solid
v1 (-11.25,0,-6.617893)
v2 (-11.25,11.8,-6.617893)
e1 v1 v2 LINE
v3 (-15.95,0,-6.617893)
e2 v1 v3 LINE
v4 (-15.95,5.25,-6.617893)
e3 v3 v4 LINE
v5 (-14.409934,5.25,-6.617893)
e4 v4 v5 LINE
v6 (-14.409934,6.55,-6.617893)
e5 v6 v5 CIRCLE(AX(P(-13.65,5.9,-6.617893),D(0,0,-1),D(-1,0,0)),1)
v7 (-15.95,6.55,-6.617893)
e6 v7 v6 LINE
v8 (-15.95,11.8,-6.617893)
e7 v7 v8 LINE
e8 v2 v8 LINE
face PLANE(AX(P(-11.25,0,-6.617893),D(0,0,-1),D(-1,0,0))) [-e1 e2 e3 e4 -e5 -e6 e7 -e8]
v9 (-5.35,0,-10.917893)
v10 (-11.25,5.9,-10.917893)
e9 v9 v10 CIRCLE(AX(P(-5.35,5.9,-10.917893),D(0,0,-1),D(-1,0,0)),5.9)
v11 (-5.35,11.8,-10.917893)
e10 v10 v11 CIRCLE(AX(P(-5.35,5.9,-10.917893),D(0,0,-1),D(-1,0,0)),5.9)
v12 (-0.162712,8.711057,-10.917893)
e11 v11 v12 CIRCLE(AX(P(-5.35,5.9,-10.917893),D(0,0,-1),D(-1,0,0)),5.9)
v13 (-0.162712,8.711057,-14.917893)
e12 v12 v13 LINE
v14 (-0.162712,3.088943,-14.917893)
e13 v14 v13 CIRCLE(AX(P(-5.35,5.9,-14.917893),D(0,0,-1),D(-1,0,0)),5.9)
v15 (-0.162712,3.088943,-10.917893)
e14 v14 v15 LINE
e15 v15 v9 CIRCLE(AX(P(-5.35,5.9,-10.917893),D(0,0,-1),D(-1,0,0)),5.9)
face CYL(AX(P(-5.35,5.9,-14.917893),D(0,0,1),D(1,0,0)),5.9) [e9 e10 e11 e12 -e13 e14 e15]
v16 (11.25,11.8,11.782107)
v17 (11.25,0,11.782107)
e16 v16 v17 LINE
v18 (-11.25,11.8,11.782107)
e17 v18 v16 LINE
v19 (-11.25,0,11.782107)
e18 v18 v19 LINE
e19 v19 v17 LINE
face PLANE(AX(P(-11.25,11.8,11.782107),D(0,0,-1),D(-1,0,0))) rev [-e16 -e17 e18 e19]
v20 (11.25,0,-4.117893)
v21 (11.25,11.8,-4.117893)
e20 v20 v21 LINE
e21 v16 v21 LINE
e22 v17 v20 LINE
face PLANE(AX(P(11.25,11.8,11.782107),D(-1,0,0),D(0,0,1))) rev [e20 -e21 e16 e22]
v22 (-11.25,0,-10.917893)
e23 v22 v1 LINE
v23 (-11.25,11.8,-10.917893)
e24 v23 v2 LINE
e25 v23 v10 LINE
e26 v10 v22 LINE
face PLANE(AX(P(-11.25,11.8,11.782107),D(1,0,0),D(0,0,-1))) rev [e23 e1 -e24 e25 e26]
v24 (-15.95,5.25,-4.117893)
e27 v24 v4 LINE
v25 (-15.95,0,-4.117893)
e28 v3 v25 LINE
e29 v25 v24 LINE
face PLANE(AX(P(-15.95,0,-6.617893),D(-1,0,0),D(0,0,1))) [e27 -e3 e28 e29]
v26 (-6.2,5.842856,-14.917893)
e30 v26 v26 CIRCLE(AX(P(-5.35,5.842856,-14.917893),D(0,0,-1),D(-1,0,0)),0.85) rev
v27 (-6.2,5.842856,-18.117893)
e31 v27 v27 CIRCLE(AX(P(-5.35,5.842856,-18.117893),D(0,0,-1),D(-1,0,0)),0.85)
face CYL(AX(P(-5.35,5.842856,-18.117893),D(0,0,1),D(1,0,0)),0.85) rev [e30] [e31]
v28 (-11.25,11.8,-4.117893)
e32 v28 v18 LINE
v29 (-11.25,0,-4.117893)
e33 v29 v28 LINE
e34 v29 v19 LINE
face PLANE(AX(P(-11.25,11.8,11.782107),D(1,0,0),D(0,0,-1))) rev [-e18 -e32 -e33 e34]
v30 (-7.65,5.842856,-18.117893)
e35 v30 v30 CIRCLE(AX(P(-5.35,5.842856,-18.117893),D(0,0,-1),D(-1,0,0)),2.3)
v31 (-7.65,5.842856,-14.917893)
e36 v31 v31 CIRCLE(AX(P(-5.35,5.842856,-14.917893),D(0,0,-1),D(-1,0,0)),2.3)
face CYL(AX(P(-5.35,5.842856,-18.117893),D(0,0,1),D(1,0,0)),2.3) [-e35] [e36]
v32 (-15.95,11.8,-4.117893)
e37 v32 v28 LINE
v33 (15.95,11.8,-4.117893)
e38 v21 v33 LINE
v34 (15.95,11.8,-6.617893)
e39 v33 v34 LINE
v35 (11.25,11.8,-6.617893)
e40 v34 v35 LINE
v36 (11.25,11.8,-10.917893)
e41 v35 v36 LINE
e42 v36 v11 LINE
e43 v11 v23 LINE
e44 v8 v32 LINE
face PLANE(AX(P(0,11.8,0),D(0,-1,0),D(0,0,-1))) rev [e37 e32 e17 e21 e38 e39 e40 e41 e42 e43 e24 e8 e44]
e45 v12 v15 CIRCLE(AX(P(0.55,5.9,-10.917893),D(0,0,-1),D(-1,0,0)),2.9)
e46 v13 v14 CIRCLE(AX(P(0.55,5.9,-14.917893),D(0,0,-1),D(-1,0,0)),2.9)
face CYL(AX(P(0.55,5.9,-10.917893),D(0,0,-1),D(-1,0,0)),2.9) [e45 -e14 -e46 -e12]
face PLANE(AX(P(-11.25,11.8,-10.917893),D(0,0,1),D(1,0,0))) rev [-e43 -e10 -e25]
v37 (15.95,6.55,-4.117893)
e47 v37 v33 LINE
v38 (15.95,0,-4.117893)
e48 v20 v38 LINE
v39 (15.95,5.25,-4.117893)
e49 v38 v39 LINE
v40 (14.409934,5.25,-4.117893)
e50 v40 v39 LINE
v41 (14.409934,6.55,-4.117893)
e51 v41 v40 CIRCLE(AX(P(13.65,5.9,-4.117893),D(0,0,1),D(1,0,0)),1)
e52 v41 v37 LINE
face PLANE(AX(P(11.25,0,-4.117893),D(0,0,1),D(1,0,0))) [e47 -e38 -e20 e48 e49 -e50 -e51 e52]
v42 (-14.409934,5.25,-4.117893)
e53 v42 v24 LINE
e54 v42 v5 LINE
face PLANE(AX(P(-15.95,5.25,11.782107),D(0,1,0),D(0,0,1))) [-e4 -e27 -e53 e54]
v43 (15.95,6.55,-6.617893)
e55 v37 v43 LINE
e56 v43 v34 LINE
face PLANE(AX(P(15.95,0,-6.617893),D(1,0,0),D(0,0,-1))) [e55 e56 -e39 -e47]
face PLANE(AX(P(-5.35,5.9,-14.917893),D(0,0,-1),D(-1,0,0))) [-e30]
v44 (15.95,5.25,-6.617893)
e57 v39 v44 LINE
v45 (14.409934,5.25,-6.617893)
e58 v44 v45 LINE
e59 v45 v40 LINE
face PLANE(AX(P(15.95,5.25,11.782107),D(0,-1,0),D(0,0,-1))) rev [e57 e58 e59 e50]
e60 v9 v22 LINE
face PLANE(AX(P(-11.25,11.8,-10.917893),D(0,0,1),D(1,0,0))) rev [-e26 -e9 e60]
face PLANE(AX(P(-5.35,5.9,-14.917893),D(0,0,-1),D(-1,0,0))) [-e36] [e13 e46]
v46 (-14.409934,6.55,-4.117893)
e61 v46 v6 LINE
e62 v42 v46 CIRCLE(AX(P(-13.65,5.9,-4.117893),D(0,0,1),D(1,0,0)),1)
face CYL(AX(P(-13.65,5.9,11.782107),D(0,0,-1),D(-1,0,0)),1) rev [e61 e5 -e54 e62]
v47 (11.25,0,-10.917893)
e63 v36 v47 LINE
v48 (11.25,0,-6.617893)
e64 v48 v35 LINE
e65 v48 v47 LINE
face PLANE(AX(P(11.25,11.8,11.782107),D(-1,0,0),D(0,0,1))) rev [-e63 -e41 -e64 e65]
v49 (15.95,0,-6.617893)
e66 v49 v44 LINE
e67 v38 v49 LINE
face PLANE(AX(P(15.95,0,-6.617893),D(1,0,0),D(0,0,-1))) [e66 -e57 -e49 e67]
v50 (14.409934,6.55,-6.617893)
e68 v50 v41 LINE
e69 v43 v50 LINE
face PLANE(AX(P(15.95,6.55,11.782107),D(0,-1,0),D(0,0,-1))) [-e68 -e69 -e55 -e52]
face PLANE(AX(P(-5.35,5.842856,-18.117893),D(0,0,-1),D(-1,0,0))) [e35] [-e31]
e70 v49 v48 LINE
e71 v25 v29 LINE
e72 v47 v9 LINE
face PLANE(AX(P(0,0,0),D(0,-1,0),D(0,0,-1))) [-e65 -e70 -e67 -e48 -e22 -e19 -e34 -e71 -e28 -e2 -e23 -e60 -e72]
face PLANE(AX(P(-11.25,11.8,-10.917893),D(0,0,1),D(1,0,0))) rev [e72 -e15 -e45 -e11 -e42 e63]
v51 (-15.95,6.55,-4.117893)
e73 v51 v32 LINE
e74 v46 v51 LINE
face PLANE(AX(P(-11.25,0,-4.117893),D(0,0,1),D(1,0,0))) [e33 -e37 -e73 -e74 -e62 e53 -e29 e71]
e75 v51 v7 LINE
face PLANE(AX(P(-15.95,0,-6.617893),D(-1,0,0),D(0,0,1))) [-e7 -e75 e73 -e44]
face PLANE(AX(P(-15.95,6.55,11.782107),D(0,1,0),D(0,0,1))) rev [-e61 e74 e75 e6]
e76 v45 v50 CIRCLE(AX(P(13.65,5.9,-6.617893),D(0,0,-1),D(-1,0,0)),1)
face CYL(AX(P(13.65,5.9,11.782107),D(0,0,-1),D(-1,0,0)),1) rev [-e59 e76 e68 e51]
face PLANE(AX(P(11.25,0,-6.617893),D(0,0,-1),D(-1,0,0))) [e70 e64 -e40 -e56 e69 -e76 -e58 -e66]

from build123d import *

# Parameters (mm, degrees)
SKETCH1_W           = 22.5
SKETCH1_H           = 22.7
BOSS_EXTRUDE1_DEPTH = 11.8
SKETCH2_W           = 4.7
SKETCH2_H           = 2.5
BOSS_EXTRUDE2_DEPTH = 11.8
SKETCH3_W           = 4.7
SKETCH3_H           = 2.5
BOSS_EXTRUDE3_DEPTH = 11.8
SKETCH4_R           = 5.9
BOSS_EXTRUDE4_DEPTH = 4
SKETCH5_R           = 2.9
BOSS_EXTRUDE5_DEPTH = 4
SKETCH6_R           = 1
SKETCH6_W           = 2.3
SKETCH6_H           = 1.3
CUT_EXTRUDE5_DEPTH  = 28.059240566
SKETCH8_R           = 1
SKETCH8_W           = 2.3
SKETCH8_H           = 1.3
CUT_EXTRUDE7_DEPTH  = 28.059240566
SKETCH9_R           = 2.3
SKETCH9_R_2         = 0.85
BOSS_EXTRUDE7_DEPTH = 3.2


with BuildPart() as part:
    # Sketch1 → Boss-Extrude1 (new body)
    with BuildSketch(Plane(origin=(0, 0, 0), x_dir=(1, 0, 0), z_dir=(0, 1, 0))):
        with Locations((0, -0.432106599)):
            Rectangle(SKETCH1_W, SKETCH1_H)
    extrude(amount=BOSS_EXTRUDE1_DEPTH)

    # Sketch2 → Boss-Extrude2 (add)
    with BuildSketch(Plane(origin=(0, 11.8, 0), x_dir=(1, 0, 0), z_dir=(0, 1, 0))):
        with Locations((13.6, 5.367893401)):
            Rectangle(SKETCH2_W, SKETCH2_H)
    extrude(amount=-BOSS_EXTRUDE2_DEPTH)

    # Sketch3 → Boss-Extrude3 (add)
    with BuildSketch(Plane(origin=(0, 11.8, 0), x_dir=(1, 0, 0), z_dir=(0, 1, 0))):
        with Locations((-13.6, 5.367893401)):
            Rectangle(SKETCH3_W, SKETCH3_H)
    extrude(amount=-BOSS_EXTRUDE3_DEPTH)

    # Sketch4 → Boss-Extrude4 (add)
    with BuildSketch(Plane(origin=(0, 0, -10.917893401), x_dir=(-1, 0, 0), z_dir=(0, 0, -1))):
        with Locations((5.35, 5.9)):
            Circle(SKETCH4_R)
    extrude(amount=BOSS_EXTRUDE4_DEPTH)

    # Sketch5 → Boss-Extrude5 (add)
    with BuildSketch(Plane(origin=(0, 0, -14.917893401), x_dir=(-1, 0, 0), z_dir=(0, 0, -1))):
        with Locations((-0.55, 5.9)):
            Circle(SKETCH5_R)
    extrude(amount=-BOSS_EXTRUDE5_DEPTH)

    # Sketch6 → Cut-Extrude5 (cut, through all)
    with BuildSketch(Plane(origin=(0, 0, -6.617893401), x_dir=(-1, 0, 0), z_dir=(0, 0, -1))):
        with Locations((-13.65, 5.9)):
            Circle(SKETCH6_R)
        with Locations((-14.8, 5.9)):
            Rectangle(SKETCH6_W, SKETCH6_H)
    extrude(amount=-CUT_EXTRUDE5_DEPTH, mode=Mode.SUBTRACT)

    # Sketch8 → Cut-Extrude7 (cut, through all)
    with BuildSketch(Plane(origin=(0, 0, -6.617893401), x_dir=(-1, 0, 0), z_dir=(0, 0, -1))):
        with Locations((13.65, 5.9)):
            Circle(SKETCH8_R)
        with Locations((14.8, 5.9)):
            Rectangle(SKETCH8_W, SKETCH8_H)
    extrude(amount=-CUT_EXTRUDE7_DEPTH, mode=Mode.SUBTRACT)

    # Sketch9 → Boss-Extrude7 (add)
    with BuildSketch(Plane(origin=(0, 0, -14.917893401), x_dir=(-1, 0, 0), z_dir=(0, 0, -1))):
        with Locations((5.35, 5.842855954)):
            Circle(SKETCH9_R)
        with Locations((5.35, 5.842855954)):
            Circle(SKETCH9_R_2, mode=Mode.SUBTRACT)
    extrude(amount=BOSS_EXTRUDE7_DEPTH)


solid = part.part
